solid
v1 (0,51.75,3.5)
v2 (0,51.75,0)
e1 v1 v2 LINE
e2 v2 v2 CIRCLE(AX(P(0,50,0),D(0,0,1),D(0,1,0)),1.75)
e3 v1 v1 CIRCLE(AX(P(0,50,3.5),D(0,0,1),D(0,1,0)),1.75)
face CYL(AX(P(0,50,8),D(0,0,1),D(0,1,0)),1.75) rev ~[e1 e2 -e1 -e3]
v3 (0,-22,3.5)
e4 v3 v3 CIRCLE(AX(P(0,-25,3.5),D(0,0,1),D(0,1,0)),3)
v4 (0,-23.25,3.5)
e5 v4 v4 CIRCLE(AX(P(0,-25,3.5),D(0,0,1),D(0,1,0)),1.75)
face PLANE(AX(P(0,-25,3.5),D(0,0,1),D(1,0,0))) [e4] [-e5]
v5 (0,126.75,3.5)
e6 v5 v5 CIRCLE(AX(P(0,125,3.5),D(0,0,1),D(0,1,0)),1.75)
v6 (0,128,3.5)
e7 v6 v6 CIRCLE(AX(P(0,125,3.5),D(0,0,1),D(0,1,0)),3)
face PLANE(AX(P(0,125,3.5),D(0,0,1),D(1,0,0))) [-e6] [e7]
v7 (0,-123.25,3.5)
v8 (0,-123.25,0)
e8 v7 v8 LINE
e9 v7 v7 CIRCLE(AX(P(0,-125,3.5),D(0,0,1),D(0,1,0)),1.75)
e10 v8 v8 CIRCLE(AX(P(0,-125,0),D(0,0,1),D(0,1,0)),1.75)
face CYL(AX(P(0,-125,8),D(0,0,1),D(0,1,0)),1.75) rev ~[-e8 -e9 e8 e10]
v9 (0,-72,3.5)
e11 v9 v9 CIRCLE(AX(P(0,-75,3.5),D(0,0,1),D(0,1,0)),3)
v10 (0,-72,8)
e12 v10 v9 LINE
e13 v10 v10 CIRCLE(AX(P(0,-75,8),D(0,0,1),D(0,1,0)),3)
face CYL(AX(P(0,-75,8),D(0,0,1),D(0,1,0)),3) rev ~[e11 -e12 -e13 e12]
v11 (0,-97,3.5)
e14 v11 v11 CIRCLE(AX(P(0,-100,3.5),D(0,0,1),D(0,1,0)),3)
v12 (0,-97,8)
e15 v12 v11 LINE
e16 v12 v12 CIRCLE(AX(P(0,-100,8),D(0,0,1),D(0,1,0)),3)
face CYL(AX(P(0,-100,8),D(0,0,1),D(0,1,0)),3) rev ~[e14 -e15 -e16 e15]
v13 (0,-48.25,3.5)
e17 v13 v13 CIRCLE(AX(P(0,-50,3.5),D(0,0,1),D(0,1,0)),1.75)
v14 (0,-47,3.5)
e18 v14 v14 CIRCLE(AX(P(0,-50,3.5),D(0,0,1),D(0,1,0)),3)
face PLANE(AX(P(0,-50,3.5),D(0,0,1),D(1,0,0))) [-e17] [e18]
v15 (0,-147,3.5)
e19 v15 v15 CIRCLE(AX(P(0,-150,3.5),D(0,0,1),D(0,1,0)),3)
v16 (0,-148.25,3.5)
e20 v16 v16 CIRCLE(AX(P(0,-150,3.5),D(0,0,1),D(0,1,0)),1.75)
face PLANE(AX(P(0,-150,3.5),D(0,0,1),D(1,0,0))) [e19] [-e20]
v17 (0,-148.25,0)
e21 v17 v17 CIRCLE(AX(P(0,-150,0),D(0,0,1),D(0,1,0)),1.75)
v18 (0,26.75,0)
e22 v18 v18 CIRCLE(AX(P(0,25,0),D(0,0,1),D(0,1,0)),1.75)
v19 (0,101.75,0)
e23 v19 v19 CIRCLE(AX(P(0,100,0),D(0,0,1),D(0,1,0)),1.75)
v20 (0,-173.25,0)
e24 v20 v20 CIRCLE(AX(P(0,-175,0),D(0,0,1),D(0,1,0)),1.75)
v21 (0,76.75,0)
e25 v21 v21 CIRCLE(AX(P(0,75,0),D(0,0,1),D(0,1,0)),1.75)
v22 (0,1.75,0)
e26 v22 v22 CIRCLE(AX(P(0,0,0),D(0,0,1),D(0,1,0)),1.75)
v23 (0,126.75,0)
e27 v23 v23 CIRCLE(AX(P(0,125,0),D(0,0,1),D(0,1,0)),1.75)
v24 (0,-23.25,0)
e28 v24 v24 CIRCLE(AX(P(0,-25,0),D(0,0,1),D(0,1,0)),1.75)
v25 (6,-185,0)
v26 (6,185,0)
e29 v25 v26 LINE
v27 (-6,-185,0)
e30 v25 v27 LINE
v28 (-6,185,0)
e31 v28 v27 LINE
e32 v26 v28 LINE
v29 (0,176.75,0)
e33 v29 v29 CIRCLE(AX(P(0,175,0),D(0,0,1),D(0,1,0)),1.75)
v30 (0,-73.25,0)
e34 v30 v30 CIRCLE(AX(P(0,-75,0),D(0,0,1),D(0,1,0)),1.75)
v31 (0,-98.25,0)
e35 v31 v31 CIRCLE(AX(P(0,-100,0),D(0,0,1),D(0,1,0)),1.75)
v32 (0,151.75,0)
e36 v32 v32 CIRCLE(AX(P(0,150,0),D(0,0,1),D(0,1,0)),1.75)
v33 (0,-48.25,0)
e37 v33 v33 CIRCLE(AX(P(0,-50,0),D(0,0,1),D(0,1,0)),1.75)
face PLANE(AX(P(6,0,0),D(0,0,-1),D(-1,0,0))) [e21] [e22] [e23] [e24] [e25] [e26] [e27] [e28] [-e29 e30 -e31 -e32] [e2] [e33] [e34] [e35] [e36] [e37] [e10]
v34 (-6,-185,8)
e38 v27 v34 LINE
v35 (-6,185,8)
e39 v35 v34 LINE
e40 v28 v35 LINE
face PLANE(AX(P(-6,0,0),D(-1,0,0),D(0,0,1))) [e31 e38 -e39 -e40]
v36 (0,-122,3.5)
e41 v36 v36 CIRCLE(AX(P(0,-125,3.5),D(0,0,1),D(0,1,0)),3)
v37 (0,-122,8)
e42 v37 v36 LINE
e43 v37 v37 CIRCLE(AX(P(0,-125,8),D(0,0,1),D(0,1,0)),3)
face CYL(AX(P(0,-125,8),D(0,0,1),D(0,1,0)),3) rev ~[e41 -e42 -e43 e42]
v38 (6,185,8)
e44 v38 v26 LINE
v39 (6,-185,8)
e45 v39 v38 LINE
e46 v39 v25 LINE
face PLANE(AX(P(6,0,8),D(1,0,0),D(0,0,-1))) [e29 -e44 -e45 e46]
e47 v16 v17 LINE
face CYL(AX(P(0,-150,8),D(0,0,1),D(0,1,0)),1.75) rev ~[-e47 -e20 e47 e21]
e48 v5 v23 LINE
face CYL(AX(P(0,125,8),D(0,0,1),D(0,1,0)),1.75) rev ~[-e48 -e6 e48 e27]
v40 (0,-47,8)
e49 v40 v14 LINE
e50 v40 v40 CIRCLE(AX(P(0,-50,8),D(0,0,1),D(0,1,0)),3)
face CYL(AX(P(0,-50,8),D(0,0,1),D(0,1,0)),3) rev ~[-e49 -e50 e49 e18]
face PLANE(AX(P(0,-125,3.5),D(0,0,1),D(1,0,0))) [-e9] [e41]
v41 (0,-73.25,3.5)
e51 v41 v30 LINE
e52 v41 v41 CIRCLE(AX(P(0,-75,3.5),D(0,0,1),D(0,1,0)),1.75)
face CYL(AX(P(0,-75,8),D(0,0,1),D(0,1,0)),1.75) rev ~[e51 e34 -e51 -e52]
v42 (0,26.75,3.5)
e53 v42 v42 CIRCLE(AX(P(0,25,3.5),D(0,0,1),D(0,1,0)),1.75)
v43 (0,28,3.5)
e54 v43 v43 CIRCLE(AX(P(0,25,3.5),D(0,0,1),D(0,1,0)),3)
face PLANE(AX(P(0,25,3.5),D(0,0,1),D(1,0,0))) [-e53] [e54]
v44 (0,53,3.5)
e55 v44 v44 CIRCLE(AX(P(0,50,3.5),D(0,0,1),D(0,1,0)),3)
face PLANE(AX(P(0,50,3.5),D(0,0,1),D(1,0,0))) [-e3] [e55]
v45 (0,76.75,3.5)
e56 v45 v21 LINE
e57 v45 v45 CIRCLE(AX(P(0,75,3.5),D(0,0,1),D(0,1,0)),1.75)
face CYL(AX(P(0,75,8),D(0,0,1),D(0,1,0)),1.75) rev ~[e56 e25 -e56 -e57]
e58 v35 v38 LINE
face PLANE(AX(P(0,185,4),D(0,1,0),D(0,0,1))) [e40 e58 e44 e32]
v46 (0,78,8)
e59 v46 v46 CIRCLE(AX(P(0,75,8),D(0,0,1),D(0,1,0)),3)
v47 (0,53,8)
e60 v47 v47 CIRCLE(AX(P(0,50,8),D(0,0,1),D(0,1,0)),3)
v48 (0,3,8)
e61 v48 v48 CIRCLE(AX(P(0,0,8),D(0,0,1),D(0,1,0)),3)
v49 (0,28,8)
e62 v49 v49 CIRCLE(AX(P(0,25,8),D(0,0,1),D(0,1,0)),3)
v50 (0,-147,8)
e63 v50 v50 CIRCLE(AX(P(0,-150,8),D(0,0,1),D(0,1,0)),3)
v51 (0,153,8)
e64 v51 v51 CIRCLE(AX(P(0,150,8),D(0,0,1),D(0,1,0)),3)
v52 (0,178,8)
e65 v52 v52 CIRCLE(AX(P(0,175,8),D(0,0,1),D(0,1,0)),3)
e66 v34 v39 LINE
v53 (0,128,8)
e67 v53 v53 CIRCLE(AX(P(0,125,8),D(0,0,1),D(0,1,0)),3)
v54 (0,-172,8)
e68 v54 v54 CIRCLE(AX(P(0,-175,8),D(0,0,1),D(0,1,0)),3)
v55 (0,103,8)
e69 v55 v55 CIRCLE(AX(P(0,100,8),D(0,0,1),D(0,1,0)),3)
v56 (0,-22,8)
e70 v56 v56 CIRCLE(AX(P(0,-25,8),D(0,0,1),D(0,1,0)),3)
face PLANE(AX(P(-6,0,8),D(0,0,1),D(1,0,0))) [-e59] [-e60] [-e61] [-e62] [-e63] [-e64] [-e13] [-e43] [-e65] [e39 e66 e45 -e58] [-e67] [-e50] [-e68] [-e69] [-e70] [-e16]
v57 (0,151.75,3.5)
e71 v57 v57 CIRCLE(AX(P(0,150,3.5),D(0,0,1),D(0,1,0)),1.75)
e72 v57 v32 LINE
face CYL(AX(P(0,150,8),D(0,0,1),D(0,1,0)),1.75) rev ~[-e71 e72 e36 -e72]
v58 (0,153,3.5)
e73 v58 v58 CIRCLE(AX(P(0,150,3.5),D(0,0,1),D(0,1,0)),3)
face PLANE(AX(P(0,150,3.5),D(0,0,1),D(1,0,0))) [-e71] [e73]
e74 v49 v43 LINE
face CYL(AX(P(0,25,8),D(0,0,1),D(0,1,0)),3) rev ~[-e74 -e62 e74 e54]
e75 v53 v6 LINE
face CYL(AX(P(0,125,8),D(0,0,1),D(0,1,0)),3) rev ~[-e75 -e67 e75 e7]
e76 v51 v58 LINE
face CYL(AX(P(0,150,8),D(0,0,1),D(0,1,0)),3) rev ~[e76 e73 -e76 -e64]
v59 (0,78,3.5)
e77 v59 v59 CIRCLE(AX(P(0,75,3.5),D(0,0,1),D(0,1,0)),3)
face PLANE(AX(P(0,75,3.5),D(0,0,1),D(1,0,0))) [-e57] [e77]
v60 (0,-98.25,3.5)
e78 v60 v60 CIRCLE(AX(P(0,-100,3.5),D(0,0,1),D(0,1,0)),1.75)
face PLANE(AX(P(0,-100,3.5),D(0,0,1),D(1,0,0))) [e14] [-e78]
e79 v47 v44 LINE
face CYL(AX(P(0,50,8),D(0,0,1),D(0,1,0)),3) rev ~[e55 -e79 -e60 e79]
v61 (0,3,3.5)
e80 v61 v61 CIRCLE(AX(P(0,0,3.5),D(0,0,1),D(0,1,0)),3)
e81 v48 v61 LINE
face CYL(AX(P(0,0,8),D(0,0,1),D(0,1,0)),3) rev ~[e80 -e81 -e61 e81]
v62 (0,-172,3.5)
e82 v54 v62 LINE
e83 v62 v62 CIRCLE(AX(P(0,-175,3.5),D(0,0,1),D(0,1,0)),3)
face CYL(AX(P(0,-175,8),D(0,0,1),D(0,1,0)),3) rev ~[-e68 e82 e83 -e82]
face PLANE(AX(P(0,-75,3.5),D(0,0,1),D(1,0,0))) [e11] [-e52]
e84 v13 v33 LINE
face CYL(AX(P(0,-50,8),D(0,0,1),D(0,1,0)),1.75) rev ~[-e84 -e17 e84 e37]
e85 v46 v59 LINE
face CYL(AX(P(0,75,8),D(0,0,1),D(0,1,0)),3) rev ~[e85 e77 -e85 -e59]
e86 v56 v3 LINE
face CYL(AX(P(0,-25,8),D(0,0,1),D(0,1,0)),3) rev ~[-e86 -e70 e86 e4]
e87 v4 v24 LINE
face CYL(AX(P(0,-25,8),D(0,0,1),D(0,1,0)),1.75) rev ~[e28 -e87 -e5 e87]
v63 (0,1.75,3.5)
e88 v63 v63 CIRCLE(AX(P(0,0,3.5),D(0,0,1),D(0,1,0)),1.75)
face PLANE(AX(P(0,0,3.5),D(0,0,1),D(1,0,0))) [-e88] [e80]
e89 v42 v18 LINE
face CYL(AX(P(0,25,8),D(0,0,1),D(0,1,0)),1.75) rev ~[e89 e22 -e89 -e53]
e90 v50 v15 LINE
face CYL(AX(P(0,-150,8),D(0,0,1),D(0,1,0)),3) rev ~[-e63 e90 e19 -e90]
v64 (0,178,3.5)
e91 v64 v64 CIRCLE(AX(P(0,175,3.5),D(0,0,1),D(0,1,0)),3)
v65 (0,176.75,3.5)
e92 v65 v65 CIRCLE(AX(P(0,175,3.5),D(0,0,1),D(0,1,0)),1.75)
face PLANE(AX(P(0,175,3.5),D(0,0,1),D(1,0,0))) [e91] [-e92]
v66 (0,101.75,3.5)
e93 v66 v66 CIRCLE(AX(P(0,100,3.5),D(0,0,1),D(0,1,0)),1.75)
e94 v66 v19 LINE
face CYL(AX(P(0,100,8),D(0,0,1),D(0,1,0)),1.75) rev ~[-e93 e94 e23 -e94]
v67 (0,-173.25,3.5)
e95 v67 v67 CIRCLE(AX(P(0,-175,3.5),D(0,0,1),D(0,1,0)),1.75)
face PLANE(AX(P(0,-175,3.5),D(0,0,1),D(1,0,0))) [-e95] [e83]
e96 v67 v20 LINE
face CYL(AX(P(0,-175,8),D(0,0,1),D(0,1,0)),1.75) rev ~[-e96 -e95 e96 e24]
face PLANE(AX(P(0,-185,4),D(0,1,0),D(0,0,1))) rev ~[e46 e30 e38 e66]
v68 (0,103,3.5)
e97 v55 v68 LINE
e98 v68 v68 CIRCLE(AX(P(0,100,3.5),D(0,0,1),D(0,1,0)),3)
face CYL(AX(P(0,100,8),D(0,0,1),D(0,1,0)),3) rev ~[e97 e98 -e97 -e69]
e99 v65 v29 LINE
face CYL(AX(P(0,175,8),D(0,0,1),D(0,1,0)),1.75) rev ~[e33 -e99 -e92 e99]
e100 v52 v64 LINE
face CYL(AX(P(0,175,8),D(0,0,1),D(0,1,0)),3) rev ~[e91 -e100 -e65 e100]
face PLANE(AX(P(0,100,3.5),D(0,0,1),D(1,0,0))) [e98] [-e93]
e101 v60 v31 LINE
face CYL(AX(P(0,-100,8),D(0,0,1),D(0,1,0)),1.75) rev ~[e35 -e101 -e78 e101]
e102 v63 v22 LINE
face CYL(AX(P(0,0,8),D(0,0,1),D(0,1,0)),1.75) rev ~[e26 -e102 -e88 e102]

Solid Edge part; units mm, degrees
sketch "Sketch1" plane through (0, 0, 0) normal (0, -1, 0) x (1, 0, 0)
  line L0 (-6, 8) -> (6, 8)
  line L1 (6, 8) -> (6, 0)
  line L2 (6, 0) -> (-6, 0)
  line L3 (-6, 0) -> (-6, 8)
  dimension "D1" = 12
  dimension "D2" = 8
extrude "Protrusion1" add sketch "Sketch1" along normal mid plane 370
sketch "Sketch2" plane through (0, 0, 8) normal (0, 0, 1) x (0, 1, 0)
  circle A0 centre (175, 0) radius 1.75
  dimension "D1" = 3.5
extrude "Cutout1" cut sketch "Sketch2" against normal through all
sketch "Sketch3" plane through (0, 0, 8) normal (0, 0, 1) x (0, 1, 0)
  circle A0 centre (175, 0) radius 3
  dimension "D1" = 6
extrude "ExtrudedCutout_2" cut sketch "Sketch3" against normal blind 4.5
pattern_linear "Pattern1" count 15 spacing 25 along (0, -1, 0) of "Cutout1", "ExtrudedCutout_2"
properties material "Stainless Steel, 410"
